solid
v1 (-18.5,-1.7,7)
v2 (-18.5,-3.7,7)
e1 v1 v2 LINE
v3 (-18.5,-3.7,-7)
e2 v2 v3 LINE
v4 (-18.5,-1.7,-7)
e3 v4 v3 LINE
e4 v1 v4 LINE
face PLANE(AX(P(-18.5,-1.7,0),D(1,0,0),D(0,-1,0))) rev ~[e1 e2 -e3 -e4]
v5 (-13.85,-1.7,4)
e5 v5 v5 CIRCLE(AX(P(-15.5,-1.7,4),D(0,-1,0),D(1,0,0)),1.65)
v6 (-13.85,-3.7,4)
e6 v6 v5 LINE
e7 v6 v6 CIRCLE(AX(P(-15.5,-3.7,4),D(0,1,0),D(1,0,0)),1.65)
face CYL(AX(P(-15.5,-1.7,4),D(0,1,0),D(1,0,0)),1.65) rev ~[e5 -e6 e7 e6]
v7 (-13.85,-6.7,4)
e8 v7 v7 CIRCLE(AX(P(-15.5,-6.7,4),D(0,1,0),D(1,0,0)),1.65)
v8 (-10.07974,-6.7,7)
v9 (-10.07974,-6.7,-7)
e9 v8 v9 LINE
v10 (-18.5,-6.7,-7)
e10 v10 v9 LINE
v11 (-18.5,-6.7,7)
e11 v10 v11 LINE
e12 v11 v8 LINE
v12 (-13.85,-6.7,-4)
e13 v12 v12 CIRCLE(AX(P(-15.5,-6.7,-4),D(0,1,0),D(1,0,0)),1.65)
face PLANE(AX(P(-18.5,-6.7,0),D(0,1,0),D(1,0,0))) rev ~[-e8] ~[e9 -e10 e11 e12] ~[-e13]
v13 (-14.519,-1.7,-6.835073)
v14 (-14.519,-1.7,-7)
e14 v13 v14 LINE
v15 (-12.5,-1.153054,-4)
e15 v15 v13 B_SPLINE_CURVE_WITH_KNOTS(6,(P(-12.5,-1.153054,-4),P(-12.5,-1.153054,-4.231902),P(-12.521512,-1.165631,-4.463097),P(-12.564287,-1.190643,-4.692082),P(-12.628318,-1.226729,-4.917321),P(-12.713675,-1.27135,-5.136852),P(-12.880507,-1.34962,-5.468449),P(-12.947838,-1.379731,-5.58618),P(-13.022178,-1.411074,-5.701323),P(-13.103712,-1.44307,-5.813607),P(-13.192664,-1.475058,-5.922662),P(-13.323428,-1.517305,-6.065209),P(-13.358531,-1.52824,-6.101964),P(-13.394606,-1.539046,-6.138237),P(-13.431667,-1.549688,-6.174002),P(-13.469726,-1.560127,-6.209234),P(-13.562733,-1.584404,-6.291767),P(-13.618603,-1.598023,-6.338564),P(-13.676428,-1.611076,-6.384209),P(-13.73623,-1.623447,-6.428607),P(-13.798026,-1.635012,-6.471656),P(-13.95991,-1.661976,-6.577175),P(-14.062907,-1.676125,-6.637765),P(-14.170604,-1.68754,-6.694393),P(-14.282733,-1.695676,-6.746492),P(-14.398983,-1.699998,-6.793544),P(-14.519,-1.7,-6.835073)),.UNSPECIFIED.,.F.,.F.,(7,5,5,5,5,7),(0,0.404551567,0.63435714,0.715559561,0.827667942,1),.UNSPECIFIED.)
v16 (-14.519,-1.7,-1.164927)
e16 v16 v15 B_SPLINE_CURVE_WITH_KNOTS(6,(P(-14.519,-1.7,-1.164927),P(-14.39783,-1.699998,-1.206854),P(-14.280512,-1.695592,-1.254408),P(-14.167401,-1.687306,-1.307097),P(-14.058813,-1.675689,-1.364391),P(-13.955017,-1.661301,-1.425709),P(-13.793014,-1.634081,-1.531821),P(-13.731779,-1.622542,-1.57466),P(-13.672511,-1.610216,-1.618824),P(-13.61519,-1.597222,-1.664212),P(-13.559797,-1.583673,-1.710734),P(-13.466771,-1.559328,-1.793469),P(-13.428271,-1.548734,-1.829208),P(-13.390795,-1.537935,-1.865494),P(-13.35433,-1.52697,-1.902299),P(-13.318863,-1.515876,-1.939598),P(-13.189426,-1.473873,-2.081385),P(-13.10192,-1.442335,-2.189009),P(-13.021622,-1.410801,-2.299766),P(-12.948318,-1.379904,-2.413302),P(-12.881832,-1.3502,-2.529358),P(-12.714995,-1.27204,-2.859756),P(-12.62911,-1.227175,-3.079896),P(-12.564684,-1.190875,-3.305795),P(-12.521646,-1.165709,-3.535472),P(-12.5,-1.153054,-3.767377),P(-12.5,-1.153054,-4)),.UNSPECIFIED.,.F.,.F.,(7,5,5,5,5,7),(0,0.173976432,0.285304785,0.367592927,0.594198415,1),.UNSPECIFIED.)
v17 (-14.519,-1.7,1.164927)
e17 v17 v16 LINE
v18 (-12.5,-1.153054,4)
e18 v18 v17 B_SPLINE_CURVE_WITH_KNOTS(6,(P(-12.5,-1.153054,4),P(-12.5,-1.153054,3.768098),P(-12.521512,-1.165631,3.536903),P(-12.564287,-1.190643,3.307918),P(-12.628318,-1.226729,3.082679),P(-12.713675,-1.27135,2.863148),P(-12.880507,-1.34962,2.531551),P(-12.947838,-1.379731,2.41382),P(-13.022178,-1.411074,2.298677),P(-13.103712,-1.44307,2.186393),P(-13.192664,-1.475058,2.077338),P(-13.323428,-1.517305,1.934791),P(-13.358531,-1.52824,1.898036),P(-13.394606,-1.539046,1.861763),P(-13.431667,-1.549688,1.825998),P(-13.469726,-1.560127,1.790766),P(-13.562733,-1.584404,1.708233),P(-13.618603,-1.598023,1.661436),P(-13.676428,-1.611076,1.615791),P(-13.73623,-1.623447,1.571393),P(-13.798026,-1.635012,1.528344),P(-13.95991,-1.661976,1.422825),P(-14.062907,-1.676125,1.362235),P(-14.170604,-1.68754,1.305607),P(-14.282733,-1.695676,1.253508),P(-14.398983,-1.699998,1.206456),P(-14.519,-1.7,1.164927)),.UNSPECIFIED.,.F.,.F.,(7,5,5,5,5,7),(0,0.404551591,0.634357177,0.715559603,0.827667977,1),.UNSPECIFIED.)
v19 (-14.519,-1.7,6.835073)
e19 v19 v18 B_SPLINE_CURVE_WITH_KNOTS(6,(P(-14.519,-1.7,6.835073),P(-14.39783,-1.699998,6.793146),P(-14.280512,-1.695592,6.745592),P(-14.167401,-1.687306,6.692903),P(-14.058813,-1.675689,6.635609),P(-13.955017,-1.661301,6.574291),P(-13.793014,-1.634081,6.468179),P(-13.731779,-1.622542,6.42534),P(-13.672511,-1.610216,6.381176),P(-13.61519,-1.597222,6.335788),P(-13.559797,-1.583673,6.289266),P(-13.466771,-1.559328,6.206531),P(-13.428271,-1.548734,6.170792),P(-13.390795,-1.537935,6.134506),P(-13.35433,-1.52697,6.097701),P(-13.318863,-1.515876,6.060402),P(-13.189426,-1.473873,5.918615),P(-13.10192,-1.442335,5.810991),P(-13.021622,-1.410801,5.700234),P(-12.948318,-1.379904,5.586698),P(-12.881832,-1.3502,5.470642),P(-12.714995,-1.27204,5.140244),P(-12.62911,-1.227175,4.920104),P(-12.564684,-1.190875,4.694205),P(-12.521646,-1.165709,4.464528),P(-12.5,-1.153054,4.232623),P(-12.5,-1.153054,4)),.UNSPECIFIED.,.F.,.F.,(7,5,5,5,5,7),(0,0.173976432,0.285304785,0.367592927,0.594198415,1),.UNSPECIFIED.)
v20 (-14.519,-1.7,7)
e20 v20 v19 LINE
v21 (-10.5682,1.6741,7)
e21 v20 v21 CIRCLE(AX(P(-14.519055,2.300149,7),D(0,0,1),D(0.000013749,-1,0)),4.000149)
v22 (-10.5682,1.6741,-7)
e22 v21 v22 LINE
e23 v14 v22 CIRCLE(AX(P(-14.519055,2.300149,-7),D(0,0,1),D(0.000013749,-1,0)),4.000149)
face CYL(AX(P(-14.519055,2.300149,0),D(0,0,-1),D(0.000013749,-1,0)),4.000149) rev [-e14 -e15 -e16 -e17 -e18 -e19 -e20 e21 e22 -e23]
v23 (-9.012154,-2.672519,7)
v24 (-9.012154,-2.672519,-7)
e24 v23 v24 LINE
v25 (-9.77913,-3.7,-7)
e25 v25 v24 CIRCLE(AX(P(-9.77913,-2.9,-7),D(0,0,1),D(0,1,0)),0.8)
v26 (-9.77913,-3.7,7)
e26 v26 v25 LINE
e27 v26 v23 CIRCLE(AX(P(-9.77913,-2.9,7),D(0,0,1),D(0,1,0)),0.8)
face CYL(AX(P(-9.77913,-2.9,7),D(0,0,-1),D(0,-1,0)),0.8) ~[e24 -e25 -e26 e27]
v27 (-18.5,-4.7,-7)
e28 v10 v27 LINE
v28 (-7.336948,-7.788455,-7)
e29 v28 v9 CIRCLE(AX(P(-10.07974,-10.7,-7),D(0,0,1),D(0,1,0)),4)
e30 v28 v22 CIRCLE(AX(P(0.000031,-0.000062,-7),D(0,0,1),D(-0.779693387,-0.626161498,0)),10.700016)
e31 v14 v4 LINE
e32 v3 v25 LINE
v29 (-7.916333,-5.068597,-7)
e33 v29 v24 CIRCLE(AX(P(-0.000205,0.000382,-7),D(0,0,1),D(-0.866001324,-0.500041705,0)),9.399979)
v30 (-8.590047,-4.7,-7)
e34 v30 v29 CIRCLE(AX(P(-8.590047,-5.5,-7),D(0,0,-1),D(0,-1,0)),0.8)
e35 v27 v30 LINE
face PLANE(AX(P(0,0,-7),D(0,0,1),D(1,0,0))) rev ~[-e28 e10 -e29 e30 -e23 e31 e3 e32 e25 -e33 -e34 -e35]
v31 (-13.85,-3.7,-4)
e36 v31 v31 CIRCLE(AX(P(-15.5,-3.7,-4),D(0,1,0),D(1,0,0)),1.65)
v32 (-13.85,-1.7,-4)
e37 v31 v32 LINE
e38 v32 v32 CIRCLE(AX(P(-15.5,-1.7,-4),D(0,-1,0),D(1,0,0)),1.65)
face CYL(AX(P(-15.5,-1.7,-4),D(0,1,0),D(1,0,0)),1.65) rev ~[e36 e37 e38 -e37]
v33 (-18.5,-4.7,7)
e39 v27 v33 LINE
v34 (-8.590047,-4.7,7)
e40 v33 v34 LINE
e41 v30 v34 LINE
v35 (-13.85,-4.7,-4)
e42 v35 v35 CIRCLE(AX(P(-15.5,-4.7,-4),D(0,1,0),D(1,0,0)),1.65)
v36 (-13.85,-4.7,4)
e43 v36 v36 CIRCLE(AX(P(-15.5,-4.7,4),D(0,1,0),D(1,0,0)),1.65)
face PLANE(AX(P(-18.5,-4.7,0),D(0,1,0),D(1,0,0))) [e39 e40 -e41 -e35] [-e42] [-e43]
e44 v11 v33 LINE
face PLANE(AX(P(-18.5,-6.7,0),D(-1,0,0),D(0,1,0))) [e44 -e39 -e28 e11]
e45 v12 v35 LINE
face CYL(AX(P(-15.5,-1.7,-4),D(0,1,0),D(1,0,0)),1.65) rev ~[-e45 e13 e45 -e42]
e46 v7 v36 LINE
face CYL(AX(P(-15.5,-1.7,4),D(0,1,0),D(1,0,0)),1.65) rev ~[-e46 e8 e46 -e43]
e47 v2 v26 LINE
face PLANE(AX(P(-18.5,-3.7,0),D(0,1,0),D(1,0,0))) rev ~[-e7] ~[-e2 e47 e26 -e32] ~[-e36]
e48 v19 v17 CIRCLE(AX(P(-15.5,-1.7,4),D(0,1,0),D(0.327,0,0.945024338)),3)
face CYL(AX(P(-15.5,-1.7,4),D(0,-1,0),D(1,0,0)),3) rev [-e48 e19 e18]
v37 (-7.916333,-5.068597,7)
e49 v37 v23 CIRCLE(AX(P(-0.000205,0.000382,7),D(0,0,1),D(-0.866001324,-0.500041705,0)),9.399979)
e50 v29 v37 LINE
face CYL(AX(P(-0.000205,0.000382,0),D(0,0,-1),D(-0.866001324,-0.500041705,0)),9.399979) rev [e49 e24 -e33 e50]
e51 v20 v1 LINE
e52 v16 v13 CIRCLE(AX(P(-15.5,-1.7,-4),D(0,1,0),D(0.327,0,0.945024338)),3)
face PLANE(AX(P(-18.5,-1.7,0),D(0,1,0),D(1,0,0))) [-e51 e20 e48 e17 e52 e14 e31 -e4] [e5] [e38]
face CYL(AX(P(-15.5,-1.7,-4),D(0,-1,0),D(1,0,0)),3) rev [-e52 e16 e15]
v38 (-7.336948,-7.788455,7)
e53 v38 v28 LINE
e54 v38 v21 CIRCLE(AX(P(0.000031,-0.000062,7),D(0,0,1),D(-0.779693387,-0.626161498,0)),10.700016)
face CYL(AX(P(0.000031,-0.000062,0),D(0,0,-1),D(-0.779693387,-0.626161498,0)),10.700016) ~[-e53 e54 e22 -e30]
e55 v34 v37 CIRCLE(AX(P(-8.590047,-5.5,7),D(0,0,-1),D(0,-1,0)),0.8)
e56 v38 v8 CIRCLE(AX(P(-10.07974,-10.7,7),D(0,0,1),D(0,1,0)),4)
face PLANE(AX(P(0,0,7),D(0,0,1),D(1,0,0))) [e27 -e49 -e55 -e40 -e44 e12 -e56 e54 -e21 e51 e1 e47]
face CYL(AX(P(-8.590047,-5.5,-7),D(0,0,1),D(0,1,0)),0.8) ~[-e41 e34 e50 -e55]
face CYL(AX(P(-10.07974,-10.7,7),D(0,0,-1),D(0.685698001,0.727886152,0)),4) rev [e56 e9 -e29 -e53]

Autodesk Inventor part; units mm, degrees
ref_plane "YZ Plane" through (0, 0, 0) normal (1, 0, 0) x (0, 1, 0)
ref_plane "XZ Plane" through (0, 0, 0) normal (0, 1, 0) x (-1, 0, 0)
ref_plane "XY Plane" through (0, 0, 0) normal (0, 0, 1) x (1, 0, 0)
sketch "Skizze1" plane through (0, 0, 0) normal (0, 0, 1) x (1, 0, 0)
  arc A0 (-8.1406, -4.7) -> (-8.6412, -3.7) centre (0, 0) ccw
  line L0 (-18.5, -6.7) -> (-8.3427, -6.7)
  line L1 (-18.5, -6.7) -> (-18.5, -4.7)
  line L2 (-18.5, -4.7) -> (-8.1406, -4.7)
  line L3 (-18.5, -1.7) -> (-18.5, -3.7)
  line L4 (-18.5, -3.7) -> (-8.6412, -3.7)
  line L5 (-18.5, -1.7) -> (-14.519, -1.7)
  arc A1 (-8.3427, -6.7) -> (-10.5682, 1.6741) centre (0, 0) ccw
  arc A2 (-14.519, -1.7) -> (-10.5682, 1.6741) centre (-14.519, 2.3) ccw
  point P0 (-10.5641, -1.7)
  dimension "d0" = 18.8
  dimension "d2" = 2
  dimension "d4" = 1
  dimension "d5" = 18.5
  dimension "d6" = 4
  dimension "d7" = 1.3
  dimension "d19" = 10.1573
  dimension "d26" = 4
extrude "Extrusion1" add sketch "Skizze1" along normal mid plane 14
sketch "Skizze2" plane through (-18.5, -1.7, 7) normal (0, 1, 0) x (1, 0, 0)
  circle A0 centre (3, 11) radius 1.65
  line L0 (0, 14) -> (3.981, 14) projected
  line L1 (0, 14) -> (0, 0) projected
  line L2 (0, 14) -> (0, 0) construction
  line L3 (0, 7) -> (7.2294, 7) construction
  circle A1 centre (3, 3) radius 1.65
  circle A2 centre (3, 11) radius 3
  circle A3 centre (3, 3) radius 3
  point P0 (18.5, 7)
  point P1 (9.0709, 16)
  point P2 (0, 3)
  point P3 (0, 0.6676)
  point P4 (0.6676, 16)
  point P5 (0, 11)
  point P6 (0, 10.6676)
  point P7 (3, 14)
  dimension "d10" = 3
  dimension "d11" = 3
  dimension "d12" = 3.3
  dimension "d20" = 6
extrude "Extrusion2" cut sketch "Skizze2" against normal through all both and the other way through all contours A0 | A1
fillet "Rundung2" radius 4 1 edges at (-8.3427, -6.7, 0)
fillet "Rundung3" radius 0.8 2 edges at (-8.6412, -3.7, 0) (-8.1406, -4.7, 0)
extrude "Extrusion4" cut sketch "Skizze2" along normal blind 10 contours A3 | A2
properties part number "Halterung_Akku_210403"
